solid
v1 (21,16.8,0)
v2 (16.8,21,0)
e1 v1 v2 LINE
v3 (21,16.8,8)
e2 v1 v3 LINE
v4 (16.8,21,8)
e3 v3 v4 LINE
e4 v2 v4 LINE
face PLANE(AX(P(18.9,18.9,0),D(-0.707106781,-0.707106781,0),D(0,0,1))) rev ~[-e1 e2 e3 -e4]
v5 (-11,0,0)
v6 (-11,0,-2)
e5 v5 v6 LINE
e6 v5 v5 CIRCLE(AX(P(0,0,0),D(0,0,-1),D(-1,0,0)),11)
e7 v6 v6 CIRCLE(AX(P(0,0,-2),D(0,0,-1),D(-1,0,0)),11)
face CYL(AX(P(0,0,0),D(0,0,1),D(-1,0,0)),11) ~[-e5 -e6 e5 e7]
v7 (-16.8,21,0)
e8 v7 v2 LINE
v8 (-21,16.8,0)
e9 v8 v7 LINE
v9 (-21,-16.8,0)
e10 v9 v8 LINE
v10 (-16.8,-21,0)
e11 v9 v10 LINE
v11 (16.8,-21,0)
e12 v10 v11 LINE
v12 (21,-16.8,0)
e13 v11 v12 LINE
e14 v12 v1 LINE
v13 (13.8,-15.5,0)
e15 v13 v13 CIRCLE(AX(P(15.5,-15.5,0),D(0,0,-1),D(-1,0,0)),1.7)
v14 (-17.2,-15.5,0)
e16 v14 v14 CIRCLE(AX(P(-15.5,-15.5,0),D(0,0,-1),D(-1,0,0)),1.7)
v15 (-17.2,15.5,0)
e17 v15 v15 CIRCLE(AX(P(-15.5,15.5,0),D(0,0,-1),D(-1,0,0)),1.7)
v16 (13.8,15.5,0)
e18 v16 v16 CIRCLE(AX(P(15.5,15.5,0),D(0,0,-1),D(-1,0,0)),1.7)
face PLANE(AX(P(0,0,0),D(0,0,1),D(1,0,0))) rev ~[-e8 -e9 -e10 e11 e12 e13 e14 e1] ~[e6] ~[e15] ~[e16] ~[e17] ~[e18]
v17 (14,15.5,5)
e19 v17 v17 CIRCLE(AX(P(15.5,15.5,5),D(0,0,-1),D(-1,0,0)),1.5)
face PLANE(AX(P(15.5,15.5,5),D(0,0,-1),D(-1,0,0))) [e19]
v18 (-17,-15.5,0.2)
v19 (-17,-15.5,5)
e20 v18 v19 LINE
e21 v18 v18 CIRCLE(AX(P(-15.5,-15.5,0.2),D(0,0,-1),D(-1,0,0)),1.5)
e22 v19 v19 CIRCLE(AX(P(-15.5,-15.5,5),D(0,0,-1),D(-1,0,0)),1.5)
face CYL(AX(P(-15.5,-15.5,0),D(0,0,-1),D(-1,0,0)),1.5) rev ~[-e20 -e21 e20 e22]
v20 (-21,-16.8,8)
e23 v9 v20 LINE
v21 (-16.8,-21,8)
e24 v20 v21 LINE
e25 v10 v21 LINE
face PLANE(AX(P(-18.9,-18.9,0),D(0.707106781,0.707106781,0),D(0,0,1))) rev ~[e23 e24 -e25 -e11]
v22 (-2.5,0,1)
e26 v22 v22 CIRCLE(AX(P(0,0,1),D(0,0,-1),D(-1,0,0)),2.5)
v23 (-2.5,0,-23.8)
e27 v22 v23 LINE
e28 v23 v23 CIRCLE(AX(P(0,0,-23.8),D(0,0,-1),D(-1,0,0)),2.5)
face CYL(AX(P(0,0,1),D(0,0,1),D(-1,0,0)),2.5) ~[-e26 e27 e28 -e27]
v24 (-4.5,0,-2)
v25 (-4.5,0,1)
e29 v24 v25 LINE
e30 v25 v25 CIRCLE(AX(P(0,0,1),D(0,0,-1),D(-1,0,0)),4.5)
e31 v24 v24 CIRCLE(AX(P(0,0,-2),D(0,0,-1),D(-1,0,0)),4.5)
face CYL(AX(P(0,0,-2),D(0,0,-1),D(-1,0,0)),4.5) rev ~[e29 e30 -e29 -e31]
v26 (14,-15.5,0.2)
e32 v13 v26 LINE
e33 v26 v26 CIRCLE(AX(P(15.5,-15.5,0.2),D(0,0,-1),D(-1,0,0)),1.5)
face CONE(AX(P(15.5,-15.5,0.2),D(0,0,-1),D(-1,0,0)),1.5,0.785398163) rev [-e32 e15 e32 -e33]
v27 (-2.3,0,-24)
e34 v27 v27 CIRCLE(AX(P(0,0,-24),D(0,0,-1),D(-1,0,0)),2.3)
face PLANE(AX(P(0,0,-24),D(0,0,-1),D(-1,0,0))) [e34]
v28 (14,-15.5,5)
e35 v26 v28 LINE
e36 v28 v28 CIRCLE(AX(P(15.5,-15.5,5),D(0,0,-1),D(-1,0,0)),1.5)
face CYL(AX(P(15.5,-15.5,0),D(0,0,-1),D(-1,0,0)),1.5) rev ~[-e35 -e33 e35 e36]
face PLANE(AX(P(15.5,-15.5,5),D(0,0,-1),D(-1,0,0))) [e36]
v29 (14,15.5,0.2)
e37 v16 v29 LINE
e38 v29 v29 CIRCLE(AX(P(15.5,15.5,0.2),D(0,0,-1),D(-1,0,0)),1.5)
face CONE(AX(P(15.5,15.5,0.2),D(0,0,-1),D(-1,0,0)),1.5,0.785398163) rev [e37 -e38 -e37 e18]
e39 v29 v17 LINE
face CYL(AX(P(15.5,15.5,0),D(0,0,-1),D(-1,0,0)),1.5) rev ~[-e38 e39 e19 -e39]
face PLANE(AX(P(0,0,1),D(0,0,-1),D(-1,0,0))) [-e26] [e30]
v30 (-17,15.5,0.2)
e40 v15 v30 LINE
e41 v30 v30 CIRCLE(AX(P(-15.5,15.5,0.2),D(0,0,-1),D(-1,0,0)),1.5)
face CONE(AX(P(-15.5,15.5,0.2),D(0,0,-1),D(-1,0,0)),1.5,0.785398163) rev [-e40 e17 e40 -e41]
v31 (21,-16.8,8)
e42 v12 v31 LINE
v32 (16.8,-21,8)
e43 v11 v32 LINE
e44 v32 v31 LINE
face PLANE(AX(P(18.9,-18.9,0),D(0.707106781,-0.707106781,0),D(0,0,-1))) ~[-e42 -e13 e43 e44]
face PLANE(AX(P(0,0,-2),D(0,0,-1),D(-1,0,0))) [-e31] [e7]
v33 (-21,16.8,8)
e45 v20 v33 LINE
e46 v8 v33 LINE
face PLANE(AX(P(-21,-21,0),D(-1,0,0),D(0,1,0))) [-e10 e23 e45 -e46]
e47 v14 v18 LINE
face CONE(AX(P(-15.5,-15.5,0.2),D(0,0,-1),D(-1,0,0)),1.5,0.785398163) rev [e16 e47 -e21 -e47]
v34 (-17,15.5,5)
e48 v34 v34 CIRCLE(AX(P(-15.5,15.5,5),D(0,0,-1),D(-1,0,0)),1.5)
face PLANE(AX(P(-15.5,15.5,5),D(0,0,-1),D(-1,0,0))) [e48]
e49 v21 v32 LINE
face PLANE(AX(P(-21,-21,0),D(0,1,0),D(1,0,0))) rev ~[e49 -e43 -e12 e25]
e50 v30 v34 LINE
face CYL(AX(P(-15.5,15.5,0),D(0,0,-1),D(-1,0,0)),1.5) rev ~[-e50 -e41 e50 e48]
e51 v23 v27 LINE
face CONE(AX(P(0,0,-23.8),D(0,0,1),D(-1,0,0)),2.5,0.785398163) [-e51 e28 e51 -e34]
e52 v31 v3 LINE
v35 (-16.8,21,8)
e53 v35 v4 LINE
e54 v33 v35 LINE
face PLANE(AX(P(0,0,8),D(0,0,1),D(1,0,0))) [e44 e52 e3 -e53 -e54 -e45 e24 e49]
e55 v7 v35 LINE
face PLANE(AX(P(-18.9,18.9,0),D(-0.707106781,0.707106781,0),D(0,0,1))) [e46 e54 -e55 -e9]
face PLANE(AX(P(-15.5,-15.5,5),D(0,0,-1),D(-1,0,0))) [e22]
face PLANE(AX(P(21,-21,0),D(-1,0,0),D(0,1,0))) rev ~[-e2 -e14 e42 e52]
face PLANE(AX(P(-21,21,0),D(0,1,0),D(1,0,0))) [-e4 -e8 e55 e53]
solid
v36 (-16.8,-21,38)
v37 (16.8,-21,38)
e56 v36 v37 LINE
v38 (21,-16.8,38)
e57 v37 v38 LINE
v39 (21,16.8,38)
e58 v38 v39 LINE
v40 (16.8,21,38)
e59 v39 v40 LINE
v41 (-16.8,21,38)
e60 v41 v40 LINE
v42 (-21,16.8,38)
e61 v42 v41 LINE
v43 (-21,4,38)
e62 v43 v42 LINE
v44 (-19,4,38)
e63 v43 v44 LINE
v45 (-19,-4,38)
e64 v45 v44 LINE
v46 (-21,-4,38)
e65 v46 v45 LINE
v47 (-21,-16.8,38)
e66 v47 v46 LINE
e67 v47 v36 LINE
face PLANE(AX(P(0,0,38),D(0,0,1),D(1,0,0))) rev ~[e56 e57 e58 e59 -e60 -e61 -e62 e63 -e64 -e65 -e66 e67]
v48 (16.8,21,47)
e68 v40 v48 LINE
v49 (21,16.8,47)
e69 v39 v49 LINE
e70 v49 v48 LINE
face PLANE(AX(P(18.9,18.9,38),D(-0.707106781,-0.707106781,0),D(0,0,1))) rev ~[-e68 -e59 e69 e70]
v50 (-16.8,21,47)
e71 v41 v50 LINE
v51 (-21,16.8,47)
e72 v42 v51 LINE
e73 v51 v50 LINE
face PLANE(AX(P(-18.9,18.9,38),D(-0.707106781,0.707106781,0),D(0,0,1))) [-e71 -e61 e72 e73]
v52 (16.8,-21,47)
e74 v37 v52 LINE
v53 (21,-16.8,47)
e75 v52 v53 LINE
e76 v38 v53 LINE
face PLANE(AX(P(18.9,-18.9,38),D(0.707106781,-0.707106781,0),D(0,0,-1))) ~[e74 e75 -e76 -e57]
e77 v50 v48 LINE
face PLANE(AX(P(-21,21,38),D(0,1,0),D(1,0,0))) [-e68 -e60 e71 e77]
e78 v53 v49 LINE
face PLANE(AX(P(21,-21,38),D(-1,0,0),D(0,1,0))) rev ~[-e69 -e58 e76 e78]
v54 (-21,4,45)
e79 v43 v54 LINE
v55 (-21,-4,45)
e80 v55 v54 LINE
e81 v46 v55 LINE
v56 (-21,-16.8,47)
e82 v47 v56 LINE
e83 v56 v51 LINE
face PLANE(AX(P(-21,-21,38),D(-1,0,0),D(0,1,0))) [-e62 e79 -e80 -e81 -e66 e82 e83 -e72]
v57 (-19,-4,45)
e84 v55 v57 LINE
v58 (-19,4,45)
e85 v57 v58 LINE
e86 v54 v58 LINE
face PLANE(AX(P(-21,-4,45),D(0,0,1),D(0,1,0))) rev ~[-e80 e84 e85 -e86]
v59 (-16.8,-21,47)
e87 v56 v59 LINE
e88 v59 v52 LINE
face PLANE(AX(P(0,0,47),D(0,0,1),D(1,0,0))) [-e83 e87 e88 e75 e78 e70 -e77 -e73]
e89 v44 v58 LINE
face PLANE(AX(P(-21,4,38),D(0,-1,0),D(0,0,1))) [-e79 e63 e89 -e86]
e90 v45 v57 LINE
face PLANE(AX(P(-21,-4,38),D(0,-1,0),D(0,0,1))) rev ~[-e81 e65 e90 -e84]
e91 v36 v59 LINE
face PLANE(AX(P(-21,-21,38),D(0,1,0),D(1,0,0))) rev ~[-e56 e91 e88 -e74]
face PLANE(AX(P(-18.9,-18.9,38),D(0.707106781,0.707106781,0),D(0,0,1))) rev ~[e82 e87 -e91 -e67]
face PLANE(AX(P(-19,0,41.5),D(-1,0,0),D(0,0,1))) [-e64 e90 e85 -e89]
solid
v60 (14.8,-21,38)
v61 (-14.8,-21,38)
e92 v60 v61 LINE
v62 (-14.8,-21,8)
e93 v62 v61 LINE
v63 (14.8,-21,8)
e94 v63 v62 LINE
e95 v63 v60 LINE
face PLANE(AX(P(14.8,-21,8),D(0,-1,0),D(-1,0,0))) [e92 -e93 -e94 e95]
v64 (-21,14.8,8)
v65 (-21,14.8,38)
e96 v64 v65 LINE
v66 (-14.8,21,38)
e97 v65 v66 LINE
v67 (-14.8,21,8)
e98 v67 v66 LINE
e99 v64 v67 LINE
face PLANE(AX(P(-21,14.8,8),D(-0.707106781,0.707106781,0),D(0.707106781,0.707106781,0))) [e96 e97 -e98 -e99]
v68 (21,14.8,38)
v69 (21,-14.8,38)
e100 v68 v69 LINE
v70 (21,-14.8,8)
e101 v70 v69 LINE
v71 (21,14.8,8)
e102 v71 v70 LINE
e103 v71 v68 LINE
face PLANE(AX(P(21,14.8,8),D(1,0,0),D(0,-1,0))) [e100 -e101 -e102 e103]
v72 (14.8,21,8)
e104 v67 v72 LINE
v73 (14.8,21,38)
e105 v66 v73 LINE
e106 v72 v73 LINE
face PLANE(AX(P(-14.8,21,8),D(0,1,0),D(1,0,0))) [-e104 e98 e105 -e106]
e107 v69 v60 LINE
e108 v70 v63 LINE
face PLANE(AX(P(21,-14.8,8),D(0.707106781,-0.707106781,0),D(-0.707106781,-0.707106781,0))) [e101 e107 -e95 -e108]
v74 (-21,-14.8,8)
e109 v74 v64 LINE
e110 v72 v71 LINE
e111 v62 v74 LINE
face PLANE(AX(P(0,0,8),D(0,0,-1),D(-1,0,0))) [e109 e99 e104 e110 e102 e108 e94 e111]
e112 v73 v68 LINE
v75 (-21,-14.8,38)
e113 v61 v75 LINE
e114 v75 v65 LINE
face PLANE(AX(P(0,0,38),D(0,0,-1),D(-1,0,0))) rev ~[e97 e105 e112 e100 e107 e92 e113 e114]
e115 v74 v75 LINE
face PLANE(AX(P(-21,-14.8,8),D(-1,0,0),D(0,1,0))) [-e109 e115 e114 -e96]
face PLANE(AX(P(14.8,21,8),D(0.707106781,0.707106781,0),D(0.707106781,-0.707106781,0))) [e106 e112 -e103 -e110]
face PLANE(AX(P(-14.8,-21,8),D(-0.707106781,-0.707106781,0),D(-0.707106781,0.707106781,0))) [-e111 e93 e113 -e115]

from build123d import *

# Parameters (mm, degrees)
ESQUISSE1_W             = 42
ESQUISSE1_H             = 42
BOSS_EXTRU_1_DEPTH      = 8
CHANFREIN1_SIZE         = 4.2
BOSS_EXTRU_2_DEPTH      = 30
ESQUISSE4_W             = 42
ESQUISSE4_H             = 42
BOSS_EXTRU_3_DEPTH      = 9
CHANFREIN3_SIZE         = 4.2
ESQUISSE5_R             = 11
BOSS_EXTRU_4_DEPTH      = 2
ESQUISSE6_R             = 4.5
ENL_V_MAT_EXTRU_1_DEPTH = 3
ESQUISSE7_R             = 2.5
BOSS_EXTRU_5_DEPTH      = 25
CHANFREIN4_SIZE         = 0.2
ESQUISSE8_R             = 1.5
ENL_V_MAT_EXTRU_2_DEPTH = 5
CHANFREIN5_SIZE         = 0.2
ESQUISSE9_W             = 7
ESQUISSE9_H             = 8
ENL_V_MAT_EXTRU_3_DEPTH = 2


with BuildPart() as part:
    # Esquisse1 → Boss.-Extru.1 (new body)
    with BuildSketch(Plane.XY):
        Rectangle(ESQUISSE1_W, ESQUISSE1_H)
    extrude(amount=BOSS_EXTRU_1_DEPTH)

    # Chanfrein1
    chanfrein1_edges = [part.edges().sort_by_distance(p)[0] for p in [
        (21, -21, 4),
        (-21, -21, 4),
        (-21, 21, 4),
        (21, 21, 4),
    ]]
    chamfer(chanfrein1_edges, length=CHANFREIN1_SIZE)

    # Esquisse5 → Boss.-Extru.4 (add)
    with BuildSketch(Plane(origin=(0, 0, 0), x_dir=(-1, 0, 0), z_dir=(0, 0, -1))):
        Circle(ESQUISSE5_R)
    extrude(amount=BOSS_EXTRU_4_DEPTH)

    # Esquisse6 → Enlèv. mat.-Extru.1 (cut)
    with BuildSketch(Plane(origin=(0, 0, -2), x_dir=(-1, 0, 0), z_dir=(0, 0, -1))):
        Circle(ESQUISSE6_R)
    extrude(amount=-ENL_V_MAT_EXTRU_1_DEPTH, mode=Mode.SUBTRACT)

    # Esquisse7 → Boss.-Extru.5 (add)
    with BuildSketch(Plane(origin=(0, 0, 1), x_dir=(-1, 0, 0), z_dir=(0, 0, -1))):
        Circle(ESQUISSE7_R)
    extrude(amount=BOSS_EXTRU_5_DEPTH)

    # Chanfrein4
    chanfrein4_edges = [part.edges().sort_by_distance(p)[0] for p in [
        (2.5, 0, -24),
    ]]
    chamfer(chanfrein4_edges, length=CHANFREIN4_SIZE)

    # Esquisse8 → Enlèv. mat.-Extru.2 (cut)
    with BuildSketch(Plane(origin=(0, 0, 0), x_dir=(-1, 0, 0), z_dir=(0, 0, -1))):
        with Locations((-15.5, 15.5)):
            Circle(ESQUISSE8_R)
        with Locations((15.5, 15.5)):
            Circle(ESQUISSE8_R)
        with Locations((15.5, -15.5)):
            Circle(ESQUISSE8_R)
        with Locations((-15.5, -15.5)):
            Circle(ESQUISSE8_R)
    extrude(amount=-ENL_V_MAT_EXTRU_2_DEPTH, mode=Mode.SUBTRACT)

    # Chanfrein5
    chanfrein5_edges = [part.edges().sort_by_distance(p)[0] for p in [
        (17, 15.5, 0),
        (-14, 15.5, 0),
        (-14, -15.5, 0),
        (17, -15.5, 0),
    ]]
    chamfer(chanfrein5_edges, length=CHANFREIN5_SIZE)


with BuildPart() as body_2:
    # Esquisse3 → Boss.-Extru.2 (new body)
    with BuildSketch(Plane.XY.offset(8)):
        Polygon((-21, 14.8), (-14.8, 21), (14.8, 21), (21, 14.8), (21, -14.8), (14.8, -21), (-14.8, -21), (-21, -14.8), align=None)
    extrude(amount=BOSS_EXTRU_2_DEPTH)


with BuildPart() as body_3:
    # Esquisse4 → Boss.-Extru.3 (new body)
    with BuildSketch(Plane.XY.offset(38)):
        Rectangle(ESQUISSE4_W, ESQUISSE4_H)
    extrude(amount=BOSS_EXTRU_3_DEPTH)

    # Chanfrein3
    chanfrein3_edges = [body_3.edges().sort_by_distance(p)[0] for p in [
        (21, -21, 42.5),
        (-21, -21, 42.5),
        (-21, 21, 42.5),
        (21, 21, 42.5),
    ]]
    chamfer(chanfrein3_edges, length=CHANFREIN3_SIZE)

    # Esquisse9 → Enlèv. mat.-Extru.3 (cut)
    with BuildSketch(Plane.ZY.offset(21)):
        with Locations((41.5, 0)):
            Rectangle(ESQUISSE9_W, ESQUISSE9_H)
    extrude(amount=-ENL_V_MAT_EXTRU_3_DEPTH, mode=Mode.SUBTRACT)


solid = Compound([part.part, body_2.part, body_3.part])
